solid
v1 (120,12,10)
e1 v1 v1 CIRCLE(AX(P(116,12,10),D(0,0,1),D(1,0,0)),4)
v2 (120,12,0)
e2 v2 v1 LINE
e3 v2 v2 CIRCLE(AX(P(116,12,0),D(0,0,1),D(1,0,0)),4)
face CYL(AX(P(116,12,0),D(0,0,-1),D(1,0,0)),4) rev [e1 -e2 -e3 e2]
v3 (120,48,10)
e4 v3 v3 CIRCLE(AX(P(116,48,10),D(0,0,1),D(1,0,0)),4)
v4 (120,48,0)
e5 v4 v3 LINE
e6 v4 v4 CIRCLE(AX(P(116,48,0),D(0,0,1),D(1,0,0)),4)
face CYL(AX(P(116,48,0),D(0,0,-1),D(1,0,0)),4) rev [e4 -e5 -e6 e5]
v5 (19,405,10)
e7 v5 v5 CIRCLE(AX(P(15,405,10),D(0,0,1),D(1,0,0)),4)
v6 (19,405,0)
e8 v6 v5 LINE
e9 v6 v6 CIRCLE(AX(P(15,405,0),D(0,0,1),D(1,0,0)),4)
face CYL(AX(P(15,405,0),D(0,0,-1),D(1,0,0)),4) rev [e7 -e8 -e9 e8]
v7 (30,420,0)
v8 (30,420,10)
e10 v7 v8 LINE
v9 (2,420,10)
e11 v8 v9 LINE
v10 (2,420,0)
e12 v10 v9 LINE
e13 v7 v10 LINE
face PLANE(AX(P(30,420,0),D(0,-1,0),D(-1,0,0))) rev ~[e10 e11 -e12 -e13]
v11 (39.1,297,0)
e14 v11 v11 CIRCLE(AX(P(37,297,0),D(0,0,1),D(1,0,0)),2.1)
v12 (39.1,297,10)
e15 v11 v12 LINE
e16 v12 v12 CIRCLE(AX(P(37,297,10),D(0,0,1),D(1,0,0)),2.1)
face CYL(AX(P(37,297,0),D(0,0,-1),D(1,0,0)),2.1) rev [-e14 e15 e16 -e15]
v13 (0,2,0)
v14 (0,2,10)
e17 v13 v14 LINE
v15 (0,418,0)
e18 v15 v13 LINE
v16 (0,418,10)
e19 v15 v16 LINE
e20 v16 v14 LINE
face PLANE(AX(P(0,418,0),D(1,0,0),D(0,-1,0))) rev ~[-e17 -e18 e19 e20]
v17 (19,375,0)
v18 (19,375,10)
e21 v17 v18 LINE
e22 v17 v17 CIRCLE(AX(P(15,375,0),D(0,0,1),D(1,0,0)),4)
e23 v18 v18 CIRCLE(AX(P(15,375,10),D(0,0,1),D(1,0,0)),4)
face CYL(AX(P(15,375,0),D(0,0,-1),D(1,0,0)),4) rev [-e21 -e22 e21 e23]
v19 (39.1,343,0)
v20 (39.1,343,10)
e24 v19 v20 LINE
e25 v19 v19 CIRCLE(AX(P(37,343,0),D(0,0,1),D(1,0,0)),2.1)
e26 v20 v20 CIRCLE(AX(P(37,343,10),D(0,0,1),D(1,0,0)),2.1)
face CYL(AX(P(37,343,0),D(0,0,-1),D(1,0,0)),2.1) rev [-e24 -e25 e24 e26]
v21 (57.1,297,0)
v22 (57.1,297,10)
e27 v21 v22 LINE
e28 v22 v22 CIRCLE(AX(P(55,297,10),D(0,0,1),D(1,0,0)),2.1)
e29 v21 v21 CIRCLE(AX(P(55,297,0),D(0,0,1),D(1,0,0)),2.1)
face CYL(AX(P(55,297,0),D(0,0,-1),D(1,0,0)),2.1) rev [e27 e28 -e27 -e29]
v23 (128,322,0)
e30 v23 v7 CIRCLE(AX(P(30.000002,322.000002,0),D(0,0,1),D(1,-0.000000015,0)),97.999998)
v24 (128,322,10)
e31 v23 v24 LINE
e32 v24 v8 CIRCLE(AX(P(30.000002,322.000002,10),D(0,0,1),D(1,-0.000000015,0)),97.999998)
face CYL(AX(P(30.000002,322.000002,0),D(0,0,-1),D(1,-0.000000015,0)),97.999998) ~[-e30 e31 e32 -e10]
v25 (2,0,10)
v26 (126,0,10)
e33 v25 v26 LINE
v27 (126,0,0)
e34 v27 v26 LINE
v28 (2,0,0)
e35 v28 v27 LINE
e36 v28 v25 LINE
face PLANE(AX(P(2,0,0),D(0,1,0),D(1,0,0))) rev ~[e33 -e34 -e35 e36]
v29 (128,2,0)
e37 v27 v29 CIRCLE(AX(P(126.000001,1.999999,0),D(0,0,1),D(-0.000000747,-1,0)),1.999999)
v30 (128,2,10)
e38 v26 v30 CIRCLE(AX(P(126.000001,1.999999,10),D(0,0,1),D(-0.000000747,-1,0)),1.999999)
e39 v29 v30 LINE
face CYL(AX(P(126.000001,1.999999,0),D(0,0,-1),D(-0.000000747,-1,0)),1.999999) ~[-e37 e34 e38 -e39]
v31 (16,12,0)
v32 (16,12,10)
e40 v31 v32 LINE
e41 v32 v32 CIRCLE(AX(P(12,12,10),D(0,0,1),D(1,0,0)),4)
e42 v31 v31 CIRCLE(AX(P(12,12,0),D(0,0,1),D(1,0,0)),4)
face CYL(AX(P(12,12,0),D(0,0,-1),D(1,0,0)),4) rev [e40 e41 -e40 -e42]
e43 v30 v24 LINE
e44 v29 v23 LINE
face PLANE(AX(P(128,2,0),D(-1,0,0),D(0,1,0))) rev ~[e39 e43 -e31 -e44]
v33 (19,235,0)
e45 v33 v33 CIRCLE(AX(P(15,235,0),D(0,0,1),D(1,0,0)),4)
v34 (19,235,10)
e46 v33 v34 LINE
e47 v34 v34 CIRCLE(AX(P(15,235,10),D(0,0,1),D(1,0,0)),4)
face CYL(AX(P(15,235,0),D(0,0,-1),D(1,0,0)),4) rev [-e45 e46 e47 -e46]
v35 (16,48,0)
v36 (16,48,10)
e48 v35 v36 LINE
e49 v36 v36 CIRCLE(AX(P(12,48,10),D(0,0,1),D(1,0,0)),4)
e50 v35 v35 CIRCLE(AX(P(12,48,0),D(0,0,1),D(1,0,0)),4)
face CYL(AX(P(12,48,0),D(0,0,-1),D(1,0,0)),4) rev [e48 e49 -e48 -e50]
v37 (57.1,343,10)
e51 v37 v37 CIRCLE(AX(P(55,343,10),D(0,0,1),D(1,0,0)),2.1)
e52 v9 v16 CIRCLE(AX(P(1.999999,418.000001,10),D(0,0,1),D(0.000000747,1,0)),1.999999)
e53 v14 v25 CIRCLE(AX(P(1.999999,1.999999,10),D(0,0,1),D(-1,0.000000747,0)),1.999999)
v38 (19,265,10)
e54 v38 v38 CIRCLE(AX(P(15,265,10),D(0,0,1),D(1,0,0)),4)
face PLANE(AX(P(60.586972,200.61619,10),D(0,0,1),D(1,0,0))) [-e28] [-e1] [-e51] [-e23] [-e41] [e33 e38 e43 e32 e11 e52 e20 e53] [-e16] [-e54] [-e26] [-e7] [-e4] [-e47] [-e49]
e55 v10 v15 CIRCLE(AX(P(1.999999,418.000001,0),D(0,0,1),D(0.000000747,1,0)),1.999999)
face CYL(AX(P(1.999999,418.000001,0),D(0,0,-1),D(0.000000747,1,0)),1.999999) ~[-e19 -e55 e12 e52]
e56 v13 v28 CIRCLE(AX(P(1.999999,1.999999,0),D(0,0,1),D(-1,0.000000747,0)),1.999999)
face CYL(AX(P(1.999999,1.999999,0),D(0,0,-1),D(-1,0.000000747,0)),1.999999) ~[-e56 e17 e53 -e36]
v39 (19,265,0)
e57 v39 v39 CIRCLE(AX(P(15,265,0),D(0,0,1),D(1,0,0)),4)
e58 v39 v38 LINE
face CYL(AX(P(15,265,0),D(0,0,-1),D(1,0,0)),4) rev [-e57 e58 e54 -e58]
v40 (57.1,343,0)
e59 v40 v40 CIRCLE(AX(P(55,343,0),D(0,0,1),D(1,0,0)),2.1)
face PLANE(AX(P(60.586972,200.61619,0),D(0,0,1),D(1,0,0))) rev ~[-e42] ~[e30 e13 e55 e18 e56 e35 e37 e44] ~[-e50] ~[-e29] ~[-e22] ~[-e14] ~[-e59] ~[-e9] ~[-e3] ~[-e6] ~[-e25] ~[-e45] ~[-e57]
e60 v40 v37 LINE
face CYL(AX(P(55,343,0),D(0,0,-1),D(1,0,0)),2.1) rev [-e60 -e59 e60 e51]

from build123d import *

# Parameters (mm, degrees)
F0_R     = 4
F0_R_2   = 2.1
F1_DEPTH = 10


with BuildPart() as f1:
    # F0 (on Top) → F1 (new body)
    with BuildSketch(Plane.XY):
        with BuildLine():
            ThreePointArc((0, 2), (0.585786, 0.585786), (2, 0))
            Line((2, 0), (126, 0))
            ThreePointArc((126, 0), (127.414214, 0.585786), (128, 2))
            Line((128, 2), (128, 322))
            ThreePointArc((128, 322), (99.296465, 391.296465), (30, 420))
            Line((30, 420), (2, 420))
            ThreePointArc((2, 420), (0.585786, 419.414214), (0, 418))
            Line((0, 418), (0, 2))
        make_face()
        with Locations((12, 12)):
            Circle(F0_R, mode=Mode.SUBTRACT)
        with Locations((12, 48)):
            Circle(F0_R, mode=Mode.SUBTRACT)
        with Locations((116, 12)):
            Circle(F0_R, mode=Mode.SUBTRACT)
        with Locations((116, 48)):
            Circle(F0_R, mode=Mode.SUBTRACT)
        with Locations((15, 235)):
            Circle(F0_R, mode=Mode.SUBTRACT)
        with Locations((15, 265)):
            Circle(F0_R, mode=Mode.SUBTRACT)
        with Locations((37, 297)):
            Circle(F0_R_2, mode=Mode.SUBTRACT)
        with Locations((55, 297)):
            Circle(F0_R_2, mode=Mode.SUBTRACT)
        with Locations((15, 375)):
            Circle(F0_R, mode=Mode.SUBTRACT)
        with Locations((15, 405)):
            Circle(F0_R, mode=Mode.SUBTRACT)
        with Locations((37, 343)):
            Circle(F0_R_2, mode=Mode.SUBTRACT)
        with Locations((55, 343)):
            Circle(F0_R_2, mode=Mode.SUBTRACT)
    extrude(amount=F1_DEPTH)


solid = f1.part
